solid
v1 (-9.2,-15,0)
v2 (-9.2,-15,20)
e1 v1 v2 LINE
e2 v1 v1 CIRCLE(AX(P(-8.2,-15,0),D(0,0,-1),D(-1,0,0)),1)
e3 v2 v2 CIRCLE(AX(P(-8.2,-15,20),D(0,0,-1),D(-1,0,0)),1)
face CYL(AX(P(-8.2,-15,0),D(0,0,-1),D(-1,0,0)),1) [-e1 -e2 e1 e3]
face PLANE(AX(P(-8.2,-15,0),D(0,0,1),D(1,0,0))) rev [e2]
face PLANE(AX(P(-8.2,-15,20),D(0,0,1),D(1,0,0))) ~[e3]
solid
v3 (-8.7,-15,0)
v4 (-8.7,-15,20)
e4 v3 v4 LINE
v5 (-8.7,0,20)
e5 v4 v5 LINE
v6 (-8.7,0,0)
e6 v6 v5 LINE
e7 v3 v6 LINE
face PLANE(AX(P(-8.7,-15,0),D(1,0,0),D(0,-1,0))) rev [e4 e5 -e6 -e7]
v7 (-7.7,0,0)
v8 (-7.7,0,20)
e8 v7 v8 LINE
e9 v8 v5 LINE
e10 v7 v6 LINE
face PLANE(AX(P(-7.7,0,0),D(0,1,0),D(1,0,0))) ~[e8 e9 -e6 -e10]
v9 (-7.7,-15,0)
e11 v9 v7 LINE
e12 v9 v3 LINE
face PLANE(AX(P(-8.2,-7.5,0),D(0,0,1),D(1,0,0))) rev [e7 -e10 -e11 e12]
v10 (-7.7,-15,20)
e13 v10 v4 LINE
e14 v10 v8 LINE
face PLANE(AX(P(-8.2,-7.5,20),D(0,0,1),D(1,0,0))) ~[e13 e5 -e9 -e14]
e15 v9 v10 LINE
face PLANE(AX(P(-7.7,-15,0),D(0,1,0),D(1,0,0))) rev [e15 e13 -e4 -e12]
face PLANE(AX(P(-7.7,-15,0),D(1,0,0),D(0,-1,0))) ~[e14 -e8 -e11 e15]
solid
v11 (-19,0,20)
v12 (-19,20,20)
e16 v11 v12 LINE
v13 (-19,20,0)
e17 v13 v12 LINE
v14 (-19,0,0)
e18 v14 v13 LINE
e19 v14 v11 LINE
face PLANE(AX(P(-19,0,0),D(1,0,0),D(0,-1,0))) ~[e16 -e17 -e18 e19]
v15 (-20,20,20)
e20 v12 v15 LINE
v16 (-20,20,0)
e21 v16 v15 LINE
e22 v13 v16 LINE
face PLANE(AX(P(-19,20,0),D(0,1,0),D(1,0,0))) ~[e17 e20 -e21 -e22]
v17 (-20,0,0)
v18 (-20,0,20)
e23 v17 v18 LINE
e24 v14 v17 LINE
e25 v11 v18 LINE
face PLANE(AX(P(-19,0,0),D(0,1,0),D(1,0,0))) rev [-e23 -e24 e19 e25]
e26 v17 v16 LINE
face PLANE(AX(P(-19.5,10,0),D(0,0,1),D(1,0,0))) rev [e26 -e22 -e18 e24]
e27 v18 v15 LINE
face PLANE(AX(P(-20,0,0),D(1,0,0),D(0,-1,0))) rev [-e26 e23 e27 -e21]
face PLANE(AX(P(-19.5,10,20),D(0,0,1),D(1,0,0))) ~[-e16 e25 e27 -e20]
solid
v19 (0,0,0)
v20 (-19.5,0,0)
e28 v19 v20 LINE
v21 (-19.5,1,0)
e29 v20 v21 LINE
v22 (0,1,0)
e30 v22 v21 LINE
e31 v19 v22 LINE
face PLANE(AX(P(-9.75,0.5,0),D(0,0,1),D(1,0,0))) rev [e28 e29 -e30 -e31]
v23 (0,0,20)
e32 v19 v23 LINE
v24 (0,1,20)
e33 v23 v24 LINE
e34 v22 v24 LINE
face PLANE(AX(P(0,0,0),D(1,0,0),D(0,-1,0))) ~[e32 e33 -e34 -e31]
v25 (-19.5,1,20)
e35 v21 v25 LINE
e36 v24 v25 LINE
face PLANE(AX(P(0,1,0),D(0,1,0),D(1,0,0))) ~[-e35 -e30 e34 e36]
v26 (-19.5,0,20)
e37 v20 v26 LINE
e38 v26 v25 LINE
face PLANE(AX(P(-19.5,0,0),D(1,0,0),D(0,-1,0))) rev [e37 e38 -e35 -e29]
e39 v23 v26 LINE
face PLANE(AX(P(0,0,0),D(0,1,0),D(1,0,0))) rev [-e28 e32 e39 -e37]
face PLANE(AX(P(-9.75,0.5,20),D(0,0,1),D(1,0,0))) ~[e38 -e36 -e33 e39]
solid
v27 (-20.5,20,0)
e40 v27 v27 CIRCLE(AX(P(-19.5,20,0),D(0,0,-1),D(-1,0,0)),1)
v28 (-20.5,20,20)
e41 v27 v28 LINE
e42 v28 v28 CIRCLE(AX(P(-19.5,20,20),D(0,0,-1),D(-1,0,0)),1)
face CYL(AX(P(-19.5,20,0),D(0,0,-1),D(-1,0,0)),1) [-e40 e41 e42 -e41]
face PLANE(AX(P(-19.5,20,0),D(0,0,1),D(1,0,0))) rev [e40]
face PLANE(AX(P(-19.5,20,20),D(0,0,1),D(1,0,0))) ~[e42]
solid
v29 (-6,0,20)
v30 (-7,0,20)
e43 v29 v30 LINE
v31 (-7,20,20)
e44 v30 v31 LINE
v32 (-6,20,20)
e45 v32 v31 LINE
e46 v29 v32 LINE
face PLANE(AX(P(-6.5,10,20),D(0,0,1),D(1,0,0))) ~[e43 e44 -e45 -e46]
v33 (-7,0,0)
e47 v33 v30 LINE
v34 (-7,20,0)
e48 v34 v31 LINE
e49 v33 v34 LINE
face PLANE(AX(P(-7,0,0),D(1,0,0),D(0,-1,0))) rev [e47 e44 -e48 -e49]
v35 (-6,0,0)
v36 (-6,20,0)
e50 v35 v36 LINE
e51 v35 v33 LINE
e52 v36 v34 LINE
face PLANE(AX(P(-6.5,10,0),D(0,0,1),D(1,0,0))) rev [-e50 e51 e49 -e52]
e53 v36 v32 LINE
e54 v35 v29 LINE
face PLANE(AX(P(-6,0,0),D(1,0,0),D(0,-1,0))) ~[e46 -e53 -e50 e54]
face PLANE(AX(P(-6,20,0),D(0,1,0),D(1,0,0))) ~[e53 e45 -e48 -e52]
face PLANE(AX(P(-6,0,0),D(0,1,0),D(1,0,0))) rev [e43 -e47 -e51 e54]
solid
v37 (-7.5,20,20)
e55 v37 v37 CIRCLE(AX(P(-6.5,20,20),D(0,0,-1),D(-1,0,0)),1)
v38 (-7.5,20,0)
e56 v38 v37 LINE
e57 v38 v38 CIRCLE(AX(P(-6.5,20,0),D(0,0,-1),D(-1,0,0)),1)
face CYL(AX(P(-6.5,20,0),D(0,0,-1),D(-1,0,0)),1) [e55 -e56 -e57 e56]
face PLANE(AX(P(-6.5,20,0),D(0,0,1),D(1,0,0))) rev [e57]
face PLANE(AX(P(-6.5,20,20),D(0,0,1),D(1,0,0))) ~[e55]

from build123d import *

# Parameters (mm, degrees)
BOX_W             = 19.5
BOX_H             = 1
BOX_DEPTH         = 20
BOX001_W          = 1
BOX001_H          = 20
BOX001_DEPTH      = 20
BOX002_W          = 1
BOX002_H          = 20
BOX002_DEPTH      = 20
CYLINDER_R        = 1
CYLINDER_DEPTH    = 20
CYLINDER001_R     = 1
CYLINDER001_DEPTH = 20
BOX003_W          = 1
BOX003_H          = 15
BOX003_DEPTH      = 20
CYLINDER002_R     = 1
CYLINDER002_DEPTH = 20


with BuildPart() as cube:
    # Box → Box (new body)
    with BuildSketch(Plane.XY):
        with Locations((9.75, 0.5)):
            Rectangle(BOX_W, BOX_H)
    extrude(amount=BOX_DEPTH)


with BuildPart() as part_mirroring:
    # Part__Mirroring: instance of Cube
    add(cube.part.mirror(Plane(origin=(0, 0, 0), x_dir=(0, -1, 0), z_dir=(1, 0, 0))))


with BuildPart() as cube001:
    # Box001 → Box001 (new body)
    with BuildSketch(Plane(origin=(6, 0, 0), x_dir=(1, 0, 0), z_dir=(0, 0, 1))):
        with Locations((0.5, 10)):
            Rectangle(BOX001_W, BOX001_H)
    extrude(amount=BOX001_DEPTH)


with BuildPart() as part_mirroring001:
    # Part__Mirroring001: instance of Cube001
    add(cube001.part.mirror(Plane(origin=(0, 0, 0), x_dir=(0, -1, 0), z_dir=(1, 0, 0))))


with BuildPart() as cube002:
    # Box002 → Box002 (new body)
    with BuildSketch(Plane(origin=(19, 0, 0), x_dir=(1, 0, 0), z_dir=(0, 0, 1))):
        with Locations((0.5, 10)):
            Rectangle(BOX002_W, BOX002_H)
    extrude(amount=BOX002_DEPTH)


with BuildPart() as part_mirroring002:
    # Part__Mirroring002: instance of Cube002
    add(cube002.part.mirror(Plane(origin=(0, 0, 0), x_dir=(0, -1, 0), z_dir=(1, 0, 0))))


with BuildPart() as cylinder:
    # Cylinder → Cylinder (new body)
    with BuildSketch(Plane(origin=(6.5, 20, 0), x_dir=(1, 0, 0), z_dir=(0, 0, 1))):
        Circle(CYLINDER_R)
    extrude(amount=CYLINDER_DEPTH)


with BuildPart() as part_mirroring003:
    # Part__Mirroring003: instance of Cylinder
    add(cylinder.part.mirror(Plane(origin=(0, 0, 0), x_dir=(0, -1, 0), z_dir=(1, 0, 0))))


with BuildPart() as cylinder001:
    # Cylinder001 → Cylinder001 (new body)
    with BuildSketch(Plane(origin=(19.5, 20, 0), x_dir=(1, 0, 0), z_dir=(0, 0, 1))):
        Circle(CYLINDER001_R)
    extrude(amount=CYLINDER001_DEPTH)


with BuildPart() as part_mirroring004:
    # Part__Mirroring004: instance of Cylinder001
    add(cylinder001.part.mirror(Plane(origin=(0, 0, 0), x_dir=(0, -1, 0), z_dir=(1, 0, 0))))


with BuildPart() as cube003:
    # Box003 → Box003 (new body)
    with BuildSketch(Plane(origin=(7.7, -15, 0), x_dir=(1, 0, 0), z_dir=(0, 0, 1))):
        with Locations((0.5, 7.5)):
            Rectangle(BOX003_W, BOX003_H)
    extrude(amount=BOX003_DEPTH)


with BuildPart() as part_mirroring005:
    # Part__Mirroring005: instance of Cube003
    add(cube003.part.mirror(Plane(origin=(0, 0, 0), x_dir=(0, -1, 0), z_dir=(1, 0, 0))))


with BuildPart() as cylinder002:
    # Cylinder002 → Cylinder002 (new body)
    with BuildSketch(Plane(origin=(8.2, -15, 0), x_dir=(1, 0, 0), z_dir=(0, 0, 1))):
        Circle(CYLINDER002_R)
    extrude(amount=CYLINDER002_DEPTH)


with BuildPart() as part_mirroring006:
    # Part__Mirroring006: instance of Cylinder002
    add(cylinder002.part.mirror(Plane(origin=(0, 0, 0), x_dir=(0, -1, 0), z_dir=(1, 0, 0))))


solid = Compound([part_mirroring.part, part_mirroring001.part, part_mirroring002.part, part_mirroring003.part, part_mirroring004.part, part_mirroring005.part, part_mirroring006.part])
